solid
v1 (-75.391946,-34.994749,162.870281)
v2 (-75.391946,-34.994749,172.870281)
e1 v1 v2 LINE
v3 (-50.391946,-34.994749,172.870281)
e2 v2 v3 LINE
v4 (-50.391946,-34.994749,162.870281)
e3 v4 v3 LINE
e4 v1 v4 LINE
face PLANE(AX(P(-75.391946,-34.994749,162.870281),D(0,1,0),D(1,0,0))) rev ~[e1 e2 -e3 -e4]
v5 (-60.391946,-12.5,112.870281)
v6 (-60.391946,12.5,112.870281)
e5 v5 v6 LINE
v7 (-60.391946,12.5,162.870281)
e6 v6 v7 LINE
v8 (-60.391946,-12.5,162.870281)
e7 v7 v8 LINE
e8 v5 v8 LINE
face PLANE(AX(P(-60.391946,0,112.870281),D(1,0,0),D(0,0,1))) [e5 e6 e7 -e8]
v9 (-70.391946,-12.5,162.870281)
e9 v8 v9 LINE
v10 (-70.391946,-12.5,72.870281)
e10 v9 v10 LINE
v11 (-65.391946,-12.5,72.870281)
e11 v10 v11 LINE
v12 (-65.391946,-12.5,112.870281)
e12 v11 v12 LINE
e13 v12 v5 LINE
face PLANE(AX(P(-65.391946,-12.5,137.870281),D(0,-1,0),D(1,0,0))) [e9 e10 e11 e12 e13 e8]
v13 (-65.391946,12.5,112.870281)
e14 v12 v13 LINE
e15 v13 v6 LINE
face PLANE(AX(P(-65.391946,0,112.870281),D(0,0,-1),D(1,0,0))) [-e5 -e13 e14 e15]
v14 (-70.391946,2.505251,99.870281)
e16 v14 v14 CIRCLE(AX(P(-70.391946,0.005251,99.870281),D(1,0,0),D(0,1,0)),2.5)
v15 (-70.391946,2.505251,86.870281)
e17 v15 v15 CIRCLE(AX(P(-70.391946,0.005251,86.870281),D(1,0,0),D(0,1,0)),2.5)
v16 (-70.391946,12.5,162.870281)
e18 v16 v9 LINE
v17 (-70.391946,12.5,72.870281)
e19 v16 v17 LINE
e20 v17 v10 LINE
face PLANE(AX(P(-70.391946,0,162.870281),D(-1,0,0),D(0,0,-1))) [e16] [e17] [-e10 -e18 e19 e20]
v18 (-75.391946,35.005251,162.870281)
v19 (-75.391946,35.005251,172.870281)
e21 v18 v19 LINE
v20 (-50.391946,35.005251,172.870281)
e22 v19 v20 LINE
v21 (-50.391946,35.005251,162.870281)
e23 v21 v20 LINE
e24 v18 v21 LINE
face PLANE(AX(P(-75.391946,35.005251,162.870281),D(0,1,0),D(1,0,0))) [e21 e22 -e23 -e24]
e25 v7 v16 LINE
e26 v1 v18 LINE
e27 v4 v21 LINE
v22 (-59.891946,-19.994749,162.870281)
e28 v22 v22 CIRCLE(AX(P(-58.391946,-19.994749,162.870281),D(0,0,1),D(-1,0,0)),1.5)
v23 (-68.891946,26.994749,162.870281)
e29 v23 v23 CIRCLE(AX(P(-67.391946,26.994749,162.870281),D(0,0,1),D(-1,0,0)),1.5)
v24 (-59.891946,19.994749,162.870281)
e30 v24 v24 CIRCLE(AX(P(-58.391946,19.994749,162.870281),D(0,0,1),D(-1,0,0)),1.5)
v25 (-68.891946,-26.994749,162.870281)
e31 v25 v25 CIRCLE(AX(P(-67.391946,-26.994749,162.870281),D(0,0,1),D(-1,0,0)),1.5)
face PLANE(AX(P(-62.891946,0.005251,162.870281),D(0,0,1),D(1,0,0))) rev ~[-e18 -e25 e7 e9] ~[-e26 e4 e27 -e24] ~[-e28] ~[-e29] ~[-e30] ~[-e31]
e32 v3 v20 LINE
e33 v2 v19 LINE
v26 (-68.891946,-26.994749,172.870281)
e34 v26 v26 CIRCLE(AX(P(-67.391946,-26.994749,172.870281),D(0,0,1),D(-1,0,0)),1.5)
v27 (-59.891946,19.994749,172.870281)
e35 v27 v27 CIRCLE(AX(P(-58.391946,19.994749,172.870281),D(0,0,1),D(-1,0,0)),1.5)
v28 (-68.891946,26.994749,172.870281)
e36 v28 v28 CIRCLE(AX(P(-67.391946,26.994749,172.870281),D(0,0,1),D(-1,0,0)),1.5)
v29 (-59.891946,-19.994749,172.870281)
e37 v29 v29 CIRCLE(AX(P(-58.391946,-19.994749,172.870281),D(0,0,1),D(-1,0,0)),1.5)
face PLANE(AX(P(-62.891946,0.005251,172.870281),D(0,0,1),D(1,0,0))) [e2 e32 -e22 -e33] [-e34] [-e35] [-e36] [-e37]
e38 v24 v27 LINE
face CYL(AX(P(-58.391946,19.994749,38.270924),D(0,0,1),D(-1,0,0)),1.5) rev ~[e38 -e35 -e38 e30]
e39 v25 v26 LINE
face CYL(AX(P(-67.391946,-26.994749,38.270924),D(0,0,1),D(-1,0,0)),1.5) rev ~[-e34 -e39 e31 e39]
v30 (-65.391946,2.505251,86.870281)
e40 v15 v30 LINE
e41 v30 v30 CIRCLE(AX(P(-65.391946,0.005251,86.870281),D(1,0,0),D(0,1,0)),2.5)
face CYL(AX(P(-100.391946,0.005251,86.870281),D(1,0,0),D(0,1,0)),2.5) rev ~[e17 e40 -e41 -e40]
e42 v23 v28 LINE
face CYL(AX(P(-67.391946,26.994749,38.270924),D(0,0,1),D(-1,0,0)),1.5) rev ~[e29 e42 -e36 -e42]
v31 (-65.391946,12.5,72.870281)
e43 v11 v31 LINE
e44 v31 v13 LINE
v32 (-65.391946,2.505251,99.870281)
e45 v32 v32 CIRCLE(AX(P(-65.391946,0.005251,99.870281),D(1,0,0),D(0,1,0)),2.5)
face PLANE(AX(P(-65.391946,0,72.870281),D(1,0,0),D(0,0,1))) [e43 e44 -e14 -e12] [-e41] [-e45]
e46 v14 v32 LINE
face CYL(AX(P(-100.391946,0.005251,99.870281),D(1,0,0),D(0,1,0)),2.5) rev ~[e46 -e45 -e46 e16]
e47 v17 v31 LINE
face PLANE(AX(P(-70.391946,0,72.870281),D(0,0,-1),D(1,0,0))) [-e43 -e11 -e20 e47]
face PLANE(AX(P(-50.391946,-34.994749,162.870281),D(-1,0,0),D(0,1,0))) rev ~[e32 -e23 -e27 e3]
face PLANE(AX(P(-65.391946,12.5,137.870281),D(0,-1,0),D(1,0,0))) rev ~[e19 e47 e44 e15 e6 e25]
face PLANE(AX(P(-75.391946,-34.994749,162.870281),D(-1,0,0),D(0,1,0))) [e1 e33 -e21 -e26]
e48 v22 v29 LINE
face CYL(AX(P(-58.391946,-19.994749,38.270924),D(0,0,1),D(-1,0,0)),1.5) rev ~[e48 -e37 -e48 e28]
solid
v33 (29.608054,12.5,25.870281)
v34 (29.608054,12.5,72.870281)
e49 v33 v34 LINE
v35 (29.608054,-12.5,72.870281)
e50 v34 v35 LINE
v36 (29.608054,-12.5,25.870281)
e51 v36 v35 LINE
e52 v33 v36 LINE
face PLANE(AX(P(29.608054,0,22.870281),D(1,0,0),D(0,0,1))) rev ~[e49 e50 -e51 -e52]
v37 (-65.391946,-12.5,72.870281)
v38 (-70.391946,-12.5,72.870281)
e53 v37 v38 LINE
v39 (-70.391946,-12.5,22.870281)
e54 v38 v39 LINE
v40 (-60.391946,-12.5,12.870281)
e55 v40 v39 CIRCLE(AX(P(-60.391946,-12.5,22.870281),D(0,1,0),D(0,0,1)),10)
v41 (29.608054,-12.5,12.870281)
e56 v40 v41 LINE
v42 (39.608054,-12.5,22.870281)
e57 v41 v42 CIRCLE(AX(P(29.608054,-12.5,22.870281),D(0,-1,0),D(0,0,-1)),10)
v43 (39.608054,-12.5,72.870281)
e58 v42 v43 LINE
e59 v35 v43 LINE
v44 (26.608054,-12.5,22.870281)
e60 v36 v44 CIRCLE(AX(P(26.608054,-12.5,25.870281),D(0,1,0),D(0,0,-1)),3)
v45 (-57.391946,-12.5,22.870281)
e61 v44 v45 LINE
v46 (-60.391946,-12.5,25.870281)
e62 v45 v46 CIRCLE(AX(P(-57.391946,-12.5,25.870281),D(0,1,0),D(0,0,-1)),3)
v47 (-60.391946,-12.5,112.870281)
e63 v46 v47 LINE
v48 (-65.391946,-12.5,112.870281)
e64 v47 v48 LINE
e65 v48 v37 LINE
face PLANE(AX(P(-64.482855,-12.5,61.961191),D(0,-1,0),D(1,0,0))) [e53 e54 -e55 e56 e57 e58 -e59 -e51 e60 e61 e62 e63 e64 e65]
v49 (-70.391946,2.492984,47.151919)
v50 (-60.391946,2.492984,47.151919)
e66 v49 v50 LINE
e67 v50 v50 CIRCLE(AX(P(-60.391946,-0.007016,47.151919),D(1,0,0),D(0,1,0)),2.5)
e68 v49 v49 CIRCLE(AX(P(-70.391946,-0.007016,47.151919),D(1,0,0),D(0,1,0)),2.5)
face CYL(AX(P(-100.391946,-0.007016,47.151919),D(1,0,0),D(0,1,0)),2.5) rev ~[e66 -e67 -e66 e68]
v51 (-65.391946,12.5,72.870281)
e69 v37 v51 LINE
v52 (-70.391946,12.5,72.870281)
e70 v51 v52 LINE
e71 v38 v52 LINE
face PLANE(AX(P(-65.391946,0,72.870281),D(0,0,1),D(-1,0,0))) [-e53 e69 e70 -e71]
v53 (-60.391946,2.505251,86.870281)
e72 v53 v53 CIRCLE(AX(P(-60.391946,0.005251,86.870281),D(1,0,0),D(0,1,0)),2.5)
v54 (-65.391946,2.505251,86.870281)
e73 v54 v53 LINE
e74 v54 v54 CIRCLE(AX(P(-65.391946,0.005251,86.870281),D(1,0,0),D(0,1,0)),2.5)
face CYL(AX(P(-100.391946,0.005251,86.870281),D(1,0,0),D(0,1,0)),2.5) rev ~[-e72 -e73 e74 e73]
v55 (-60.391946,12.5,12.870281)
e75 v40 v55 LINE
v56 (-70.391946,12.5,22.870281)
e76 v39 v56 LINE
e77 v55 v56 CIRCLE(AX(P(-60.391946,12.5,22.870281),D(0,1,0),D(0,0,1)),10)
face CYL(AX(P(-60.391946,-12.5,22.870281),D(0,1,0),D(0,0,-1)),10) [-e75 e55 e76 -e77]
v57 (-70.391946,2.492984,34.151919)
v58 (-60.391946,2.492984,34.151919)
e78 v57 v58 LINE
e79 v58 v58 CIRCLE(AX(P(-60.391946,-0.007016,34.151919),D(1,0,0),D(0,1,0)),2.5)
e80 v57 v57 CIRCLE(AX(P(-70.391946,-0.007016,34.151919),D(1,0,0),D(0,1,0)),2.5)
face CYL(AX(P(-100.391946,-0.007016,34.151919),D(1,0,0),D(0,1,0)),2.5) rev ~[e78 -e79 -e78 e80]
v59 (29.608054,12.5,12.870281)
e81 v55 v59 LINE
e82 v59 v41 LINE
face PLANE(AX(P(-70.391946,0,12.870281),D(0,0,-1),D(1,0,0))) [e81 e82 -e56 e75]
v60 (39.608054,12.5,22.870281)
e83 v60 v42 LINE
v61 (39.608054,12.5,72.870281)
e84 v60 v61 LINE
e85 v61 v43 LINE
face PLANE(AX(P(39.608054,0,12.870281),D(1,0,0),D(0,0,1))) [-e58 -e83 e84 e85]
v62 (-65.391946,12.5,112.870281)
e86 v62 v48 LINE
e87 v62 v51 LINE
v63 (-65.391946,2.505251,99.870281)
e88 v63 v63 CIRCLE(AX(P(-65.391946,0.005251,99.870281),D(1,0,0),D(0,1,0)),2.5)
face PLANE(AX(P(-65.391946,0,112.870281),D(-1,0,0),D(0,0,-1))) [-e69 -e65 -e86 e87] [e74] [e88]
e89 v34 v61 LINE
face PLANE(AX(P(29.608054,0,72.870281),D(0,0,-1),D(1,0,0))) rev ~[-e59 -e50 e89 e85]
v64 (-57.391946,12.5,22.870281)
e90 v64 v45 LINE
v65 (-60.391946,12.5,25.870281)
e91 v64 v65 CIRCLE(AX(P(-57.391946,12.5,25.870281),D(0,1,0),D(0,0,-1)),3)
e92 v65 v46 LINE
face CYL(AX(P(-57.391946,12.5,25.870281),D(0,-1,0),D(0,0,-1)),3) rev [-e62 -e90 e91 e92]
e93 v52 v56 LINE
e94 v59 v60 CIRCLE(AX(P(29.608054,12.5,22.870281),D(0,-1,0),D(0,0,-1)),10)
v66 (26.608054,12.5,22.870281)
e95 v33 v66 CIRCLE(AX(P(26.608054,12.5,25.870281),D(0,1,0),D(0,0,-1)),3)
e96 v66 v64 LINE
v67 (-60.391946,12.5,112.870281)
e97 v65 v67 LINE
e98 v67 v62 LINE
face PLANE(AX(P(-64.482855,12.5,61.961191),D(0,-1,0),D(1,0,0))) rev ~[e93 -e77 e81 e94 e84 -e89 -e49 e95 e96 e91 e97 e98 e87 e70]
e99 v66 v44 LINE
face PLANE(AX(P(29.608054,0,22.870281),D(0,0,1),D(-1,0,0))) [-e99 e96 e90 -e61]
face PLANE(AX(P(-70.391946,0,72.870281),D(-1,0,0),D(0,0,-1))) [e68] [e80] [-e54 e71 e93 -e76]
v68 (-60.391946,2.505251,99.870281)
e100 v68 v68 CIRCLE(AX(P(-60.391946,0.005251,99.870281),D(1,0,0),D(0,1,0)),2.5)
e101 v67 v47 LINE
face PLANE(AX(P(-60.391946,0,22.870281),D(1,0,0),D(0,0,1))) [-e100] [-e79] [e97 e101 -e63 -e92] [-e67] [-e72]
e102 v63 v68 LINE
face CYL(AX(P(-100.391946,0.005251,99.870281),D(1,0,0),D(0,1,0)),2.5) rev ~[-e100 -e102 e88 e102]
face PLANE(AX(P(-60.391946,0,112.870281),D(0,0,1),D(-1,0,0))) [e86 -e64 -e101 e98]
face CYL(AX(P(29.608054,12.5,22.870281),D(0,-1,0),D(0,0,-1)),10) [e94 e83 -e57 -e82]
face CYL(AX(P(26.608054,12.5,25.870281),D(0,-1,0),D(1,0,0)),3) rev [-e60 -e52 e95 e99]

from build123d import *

# Parameters (mm, degrees)
F0_W       = 10
F0_H       = 50
F1_DEPTH   = 12.5
F0_W_2     = 5
F0_H_2     = 40
F2_DEPTH   = 12.5
F4_D       = 5
F4_DEPTH   = 30
F4_TIP     = 1.5021515476
F4_2_D     = 5
F4_2_DEPTH = 30
F4_2_TIP   = 1.5021515476
F5_W       = 25
F5_H       = 70
F5_W_2     = 10
F5_H_2     = 25
F6_DEPTH   = 10
F7_D       = 3
F8_R       = 10
F9_R       = 3


with BuildPart() as f1:
    # F0 (on Front) → F1 (new body, symmetric)
    with BuildSketch(Plane.XZ):
        Polygon((-70.3919455409, 12.8702814982), (-60.3919455409, 12.8702814982), (-60.3919455409, 22.8702814982), (-60.3919455409, 112.8702814982), (-65.3919455409, 112.8702814982), (-65.3919455409, 72.8702814982), (-70.3919455409, 72.8702814982), align=None)
        Polygon((-60.3919455409, 12.8702814982), (39.6080544591, 12.8702814982), (39.6080544591, 22.8702814982), (29.6080544591, 22.8702814982), (-60.3919455409, 22.8702814982), align=None)
        with Locations((34.6080544591, 47.8702814982)):
            Rectangle(F0_W, F0_H)
    extrude(amount=F1_DEPTH, both=True)

    # F4
    with Locations(Plane(origin=(-70.3919455409, 0, 0), x_dir=(0, -1, 0), z_dir=(-1, 0, 0))):
        with Locations((-0.0052508735, 99.8702814982), (-0.0052508735, 86.8702814982), (0.0070159344, 47.1519191861), (0.0070159344, 34.1519191861)):
            Hole(F4_D / 2, depth=F4_DEPTH)
            with Locations((0, 0, -(F4_DEPTH + F4_TIP / 2))):  # 118° drill point
                Cone(0, F4_D / 2, F4_TIP, mode=Mode.SUBTRACT)

    # F8
    f8_edges = [f1.edges().sort_by_distance(p)[0] for p in [
        (-70.391946, 0, 12.870281),
        (39.608054, 0, 12.870281),
    ]]
    fillet(f8_edges, radius=F8_R)

    # F9
    f9_edges = [f1.edges().sort_by_distance(p)[0] for p in [
        (29.608054, 0, 22.870281),
        (-60.391946, 0, 22.870281),
    ]]
    fillet(f9_edges, radius=F9_R)


with BuildPart() as f2:
    # F0 (on Front) → F2 (new body, symmetric)
    with BuildSketch(Plane.XZ):
        Polygon((-65.3919455409, 112.8702814982), (-60.3919455409, 112.8702814982), (-60.3919455409, 162.8702814982), (-70.3919455409, 162.8702814982), (-70.3919455409, 112.8702814982), align=None)
        with Locations((-67.8919455409, 92.8702814982)):
            Rectangle(F0_W_2, F0_H_2)
    extrude(amount=F2_DEPTH, both=True)

    # F4#2
    with Locations(Plane(origin=(-70.3919455409, 0, 0), x_dir=(0, -1, 0), z_dir=(-1, 0, 0))):
        with Locations((-0.0052508735, 99.8702814982), (-0.0052508735, 86.8702814982), (0.0070159344, 47.1519191861), (0.0070159344, 34.1519191861)):
            Hole(F4_2_D / 2, depth=F4_2_DEPTH)
            with Locations((0, 0, -(F4_2_DEPTH + F4_2_TIP / 2))):  # 118° drill point
                Cone(0, F4_2_D / 2, F4_2_TIP, mode=Mode.SUBTRACT)

    # F5 (on face) → F6 (join)
    with BuildSketch(Plane.XY.offset(162.8702814982)):
        with Locations((-62.8919455409, 0.0052508735)):
            Rectangle(F5_W, F5_H)
        with Locations((-65.3919455409, 0)):
            Rectangle(F5_W_2, F5_H_2, mode=Mode.SUBTRACT)
        with Locations((-65.3919455409, 0)):
            Rectangle(F5_W_2, F5_H_2)
    extrude(amount=F6_DEPTH)

    # F7 (through all)
    with Locations(Plane(origin=(0, 0, 162.8702814982), x_dir=(1, 0, 0), z_dir=(0, 0, -1))):
        with Locations((-58.3919455409, -19.9947491265), (-67.3919455409, -26.9947491265), (-58.3919455409, 19.9947491265), (-67.3919455409, 26.9947491265)):
            Hole(F7_D / 2)


solid = Compound([f1.part, f2.part])
